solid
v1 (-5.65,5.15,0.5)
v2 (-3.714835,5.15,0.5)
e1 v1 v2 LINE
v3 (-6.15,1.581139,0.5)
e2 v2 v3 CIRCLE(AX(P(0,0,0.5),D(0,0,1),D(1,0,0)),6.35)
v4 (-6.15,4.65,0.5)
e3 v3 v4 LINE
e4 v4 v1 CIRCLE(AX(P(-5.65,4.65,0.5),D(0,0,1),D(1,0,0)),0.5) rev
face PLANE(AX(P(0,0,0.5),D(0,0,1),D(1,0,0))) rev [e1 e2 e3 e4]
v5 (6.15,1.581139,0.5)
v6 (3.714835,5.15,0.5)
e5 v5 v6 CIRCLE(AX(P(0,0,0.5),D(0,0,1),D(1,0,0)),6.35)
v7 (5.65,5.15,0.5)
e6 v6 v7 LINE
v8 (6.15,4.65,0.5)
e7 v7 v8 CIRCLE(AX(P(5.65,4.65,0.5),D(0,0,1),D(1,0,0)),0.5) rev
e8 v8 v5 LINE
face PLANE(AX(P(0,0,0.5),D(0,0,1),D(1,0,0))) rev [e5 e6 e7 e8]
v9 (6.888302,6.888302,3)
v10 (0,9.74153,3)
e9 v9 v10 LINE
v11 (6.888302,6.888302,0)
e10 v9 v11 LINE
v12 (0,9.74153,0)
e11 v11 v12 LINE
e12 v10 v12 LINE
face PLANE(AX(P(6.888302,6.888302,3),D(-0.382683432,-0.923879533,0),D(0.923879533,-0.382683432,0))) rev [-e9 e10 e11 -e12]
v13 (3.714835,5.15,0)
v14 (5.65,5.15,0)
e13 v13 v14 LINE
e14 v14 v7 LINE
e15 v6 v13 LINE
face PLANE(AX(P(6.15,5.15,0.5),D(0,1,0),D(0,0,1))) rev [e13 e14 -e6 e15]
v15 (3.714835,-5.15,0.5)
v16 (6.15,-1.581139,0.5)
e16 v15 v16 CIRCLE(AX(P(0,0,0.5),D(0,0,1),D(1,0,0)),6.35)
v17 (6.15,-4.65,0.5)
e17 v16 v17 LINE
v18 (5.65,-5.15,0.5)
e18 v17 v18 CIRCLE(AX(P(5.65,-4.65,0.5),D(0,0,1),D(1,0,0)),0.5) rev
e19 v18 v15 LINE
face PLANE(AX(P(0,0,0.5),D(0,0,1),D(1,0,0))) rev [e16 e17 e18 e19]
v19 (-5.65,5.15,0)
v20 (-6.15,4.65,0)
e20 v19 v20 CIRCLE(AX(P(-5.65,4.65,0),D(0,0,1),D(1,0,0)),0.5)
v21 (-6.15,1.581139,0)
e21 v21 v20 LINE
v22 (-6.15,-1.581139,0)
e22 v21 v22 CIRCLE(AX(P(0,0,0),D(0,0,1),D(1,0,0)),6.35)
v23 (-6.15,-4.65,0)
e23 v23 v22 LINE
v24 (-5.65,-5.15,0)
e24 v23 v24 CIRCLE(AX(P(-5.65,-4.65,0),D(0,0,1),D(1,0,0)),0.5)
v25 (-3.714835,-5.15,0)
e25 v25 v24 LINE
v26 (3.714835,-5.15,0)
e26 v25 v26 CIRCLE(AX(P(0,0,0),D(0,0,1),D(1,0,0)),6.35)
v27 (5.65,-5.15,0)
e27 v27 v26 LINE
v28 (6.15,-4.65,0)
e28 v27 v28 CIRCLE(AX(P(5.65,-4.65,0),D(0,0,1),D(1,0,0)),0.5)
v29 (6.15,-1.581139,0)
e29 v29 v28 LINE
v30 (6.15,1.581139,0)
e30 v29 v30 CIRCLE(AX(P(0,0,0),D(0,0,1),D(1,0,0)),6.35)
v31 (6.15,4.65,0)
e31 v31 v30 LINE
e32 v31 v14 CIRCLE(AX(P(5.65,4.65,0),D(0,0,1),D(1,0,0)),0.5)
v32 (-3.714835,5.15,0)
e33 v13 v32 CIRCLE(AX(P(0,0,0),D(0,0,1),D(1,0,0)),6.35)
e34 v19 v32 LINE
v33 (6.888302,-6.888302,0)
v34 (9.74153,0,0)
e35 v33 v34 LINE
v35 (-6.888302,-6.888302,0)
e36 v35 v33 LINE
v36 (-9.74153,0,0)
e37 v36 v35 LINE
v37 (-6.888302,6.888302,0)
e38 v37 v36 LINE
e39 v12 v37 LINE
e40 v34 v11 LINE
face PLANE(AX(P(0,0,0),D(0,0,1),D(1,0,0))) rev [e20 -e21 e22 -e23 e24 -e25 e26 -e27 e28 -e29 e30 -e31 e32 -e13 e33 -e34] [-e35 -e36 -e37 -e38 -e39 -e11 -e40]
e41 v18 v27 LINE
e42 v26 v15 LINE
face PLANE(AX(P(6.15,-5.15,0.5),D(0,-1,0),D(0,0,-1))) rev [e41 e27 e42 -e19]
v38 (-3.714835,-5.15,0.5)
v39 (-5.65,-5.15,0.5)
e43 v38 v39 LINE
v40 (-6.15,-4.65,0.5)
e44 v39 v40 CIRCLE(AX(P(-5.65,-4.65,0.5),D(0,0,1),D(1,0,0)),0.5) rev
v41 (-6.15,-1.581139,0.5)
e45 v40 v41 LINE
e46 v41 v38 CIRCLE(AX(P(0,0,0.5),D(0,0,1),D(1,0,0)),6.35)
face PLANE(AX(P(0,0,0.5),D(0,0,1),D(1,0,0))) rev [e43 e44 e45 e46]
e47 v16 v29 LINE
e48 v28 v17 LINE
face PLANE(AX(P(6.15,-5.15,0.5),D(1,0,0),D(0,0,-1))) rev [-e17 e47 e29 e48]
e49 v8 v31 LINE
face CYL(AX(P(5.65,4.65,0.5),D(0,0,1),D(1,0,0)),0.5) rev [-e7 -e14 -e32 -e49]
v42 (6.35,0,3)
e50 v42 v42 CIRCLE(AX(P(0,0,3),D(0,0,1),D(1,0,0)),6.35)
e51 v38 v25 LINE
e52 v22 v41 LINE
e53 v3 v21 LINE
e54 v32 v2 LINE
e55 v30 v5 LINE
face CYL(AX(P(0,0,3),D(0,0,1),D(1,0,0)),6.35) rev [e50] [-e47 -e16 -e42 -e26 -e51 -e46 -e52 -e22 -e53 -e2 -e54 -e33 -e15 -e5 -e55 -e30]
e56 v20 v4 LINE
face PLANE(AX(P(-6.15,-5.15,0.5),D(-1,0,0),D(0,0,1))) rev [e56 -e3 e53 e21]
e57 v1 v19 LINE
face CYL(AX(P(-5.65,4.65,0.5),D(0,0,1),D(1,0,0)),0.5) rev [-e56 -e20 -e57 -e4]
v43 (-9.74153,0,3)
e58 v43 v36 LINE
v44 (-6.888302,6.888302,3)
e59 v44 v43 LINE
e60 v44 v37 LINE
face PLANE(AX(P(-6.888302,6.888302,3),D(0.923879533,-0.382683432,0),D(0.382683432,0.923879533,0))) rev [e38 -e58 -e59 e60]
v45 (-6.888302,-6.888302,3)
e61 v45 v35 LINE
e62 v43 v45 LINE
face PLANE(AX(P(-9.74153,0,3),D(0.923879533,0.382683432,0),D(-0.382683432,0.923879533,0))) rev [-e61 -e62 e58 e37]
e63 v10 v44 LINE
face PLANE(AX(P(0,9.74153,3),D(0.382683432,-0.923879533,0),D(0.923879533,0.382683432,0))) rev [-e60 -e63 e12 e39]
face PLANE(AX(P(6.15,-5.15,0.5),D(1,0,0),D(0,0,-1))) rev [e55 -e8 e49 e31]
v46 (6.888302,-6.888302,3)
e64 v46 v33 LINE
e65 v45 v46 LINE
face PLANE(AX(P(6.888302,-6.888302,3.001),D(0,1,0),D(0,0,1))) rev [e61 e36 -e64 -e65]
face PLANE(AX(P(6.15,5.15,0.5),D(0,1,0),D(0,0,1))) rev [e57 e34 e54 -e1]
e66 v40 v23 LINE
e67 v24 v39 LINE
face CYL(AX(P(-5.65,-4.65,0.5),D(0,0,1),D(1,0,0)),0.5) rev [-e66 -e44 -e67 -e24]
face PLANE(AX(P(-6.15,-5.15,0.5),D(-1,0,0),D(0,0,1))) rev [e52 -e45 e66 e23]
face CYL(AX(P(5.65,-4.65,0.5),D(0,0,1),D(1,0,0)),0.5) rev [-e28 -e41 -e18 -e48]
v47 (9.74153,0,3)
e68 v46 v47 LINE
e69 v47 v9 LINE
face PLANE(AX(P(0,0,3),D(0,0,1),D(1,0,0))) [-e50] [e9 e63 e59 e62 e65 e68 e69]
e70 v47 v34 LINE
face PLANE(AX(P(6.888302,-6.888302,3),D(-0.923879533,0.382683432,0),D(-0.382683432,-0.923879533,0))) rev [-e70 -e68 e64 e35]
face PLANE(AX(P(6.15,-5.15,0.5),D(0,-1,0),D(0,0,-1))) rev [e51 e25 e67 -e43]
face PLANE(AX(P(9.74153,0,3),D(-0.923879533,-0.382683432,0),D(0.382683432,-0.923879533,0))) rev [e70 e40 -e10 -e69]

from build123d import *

# Parameters (mm, degrees)
BOSS_EXTRUDE1_DEPTH     = 3
SKETCH4_W               = 12.3
SKETCH4_H               = 10.3
CUT_EXTRUDE2_DEPTH      = 0.5
FILLET1_R               = 0.5
F_1_2_20_TAPPED_HOLE1_D = 12.7
CUT_EXTRUDE3_REACH      = 5


with BuildPart() as part:
    # Sketch2 → Boss-Extrude1 (new body)
    with BuildSketch(Plane.XY):
        Polygon((0, 9.741529803), (-6.888301783, 6.888301783), (-9.741529803, 0), (-6.888301783, -6.888301783), (0, -9.741529803), (6.888301783, -6.888301783), (9.741529803, 0), (6.888301783, 6.888301783), align=None)
    extrude(amount=BOSS_EXTRUDE1_DEPTH)

    # Sketch4 → Cut-Extrude2 (cut)
    with BuildSketch(Plane(origin=(0, 0, 0), x_dir=(-1, 0, 0), z_dir=(0, 0, -1))):
        Rectangle(SKETCH4_W, SKETCH4_H)
    extrude(amount=-CUT_EXTRUDE2_DEPTH, mode=Mode.SUBTRACT)

    # Fillet1
    fillet1_edges = [part.edges().sort_by_distance(p)[0] for p in [
        (-6.15, 5.15, 0.25),
        (-6.15, -5.15, 0.25),
        (6.15, -5.15, 0.25),
        (6.15, 5.15, 0.25),
    ]]
    fillet(fillet1_edges, radius=FILLET1_R)

    # 1/2-20 Tapped Hole1 (through all)
    with Locations(Plane.XY.offset(3)):
        with Locations((0, 0)):
            Hole(F_1_2_20_TAPPED_HOLE1_D / 2)

    # Sketch7 → Cut-Extrude3 (cut, up to next)
    with BuildSketch(Plane(origin=(0, 0, 0), x_dir=(-1, 0, 0), z_dir=(0, 0, -1)), mode=Mode.PRIVATE) as cut_extrude3_sk1:
        Polygon((-6.888301783, -6.888301783), (6.888301783, -6.888301783), (0, -9.741529803), align=None)
    cut_extrude3_tool1 = extrude(cut_extrude3_sk1.sketch, amount=-CUT_EXTRUDE3_REACH, mode=Mode.PRIVATE) & part.part
    add(cut_extrude3_tool1.solids().sort_by_distance((0, -7.839378, 0))[0], mode=Mode.SUBTRACT)


solid = part.part
